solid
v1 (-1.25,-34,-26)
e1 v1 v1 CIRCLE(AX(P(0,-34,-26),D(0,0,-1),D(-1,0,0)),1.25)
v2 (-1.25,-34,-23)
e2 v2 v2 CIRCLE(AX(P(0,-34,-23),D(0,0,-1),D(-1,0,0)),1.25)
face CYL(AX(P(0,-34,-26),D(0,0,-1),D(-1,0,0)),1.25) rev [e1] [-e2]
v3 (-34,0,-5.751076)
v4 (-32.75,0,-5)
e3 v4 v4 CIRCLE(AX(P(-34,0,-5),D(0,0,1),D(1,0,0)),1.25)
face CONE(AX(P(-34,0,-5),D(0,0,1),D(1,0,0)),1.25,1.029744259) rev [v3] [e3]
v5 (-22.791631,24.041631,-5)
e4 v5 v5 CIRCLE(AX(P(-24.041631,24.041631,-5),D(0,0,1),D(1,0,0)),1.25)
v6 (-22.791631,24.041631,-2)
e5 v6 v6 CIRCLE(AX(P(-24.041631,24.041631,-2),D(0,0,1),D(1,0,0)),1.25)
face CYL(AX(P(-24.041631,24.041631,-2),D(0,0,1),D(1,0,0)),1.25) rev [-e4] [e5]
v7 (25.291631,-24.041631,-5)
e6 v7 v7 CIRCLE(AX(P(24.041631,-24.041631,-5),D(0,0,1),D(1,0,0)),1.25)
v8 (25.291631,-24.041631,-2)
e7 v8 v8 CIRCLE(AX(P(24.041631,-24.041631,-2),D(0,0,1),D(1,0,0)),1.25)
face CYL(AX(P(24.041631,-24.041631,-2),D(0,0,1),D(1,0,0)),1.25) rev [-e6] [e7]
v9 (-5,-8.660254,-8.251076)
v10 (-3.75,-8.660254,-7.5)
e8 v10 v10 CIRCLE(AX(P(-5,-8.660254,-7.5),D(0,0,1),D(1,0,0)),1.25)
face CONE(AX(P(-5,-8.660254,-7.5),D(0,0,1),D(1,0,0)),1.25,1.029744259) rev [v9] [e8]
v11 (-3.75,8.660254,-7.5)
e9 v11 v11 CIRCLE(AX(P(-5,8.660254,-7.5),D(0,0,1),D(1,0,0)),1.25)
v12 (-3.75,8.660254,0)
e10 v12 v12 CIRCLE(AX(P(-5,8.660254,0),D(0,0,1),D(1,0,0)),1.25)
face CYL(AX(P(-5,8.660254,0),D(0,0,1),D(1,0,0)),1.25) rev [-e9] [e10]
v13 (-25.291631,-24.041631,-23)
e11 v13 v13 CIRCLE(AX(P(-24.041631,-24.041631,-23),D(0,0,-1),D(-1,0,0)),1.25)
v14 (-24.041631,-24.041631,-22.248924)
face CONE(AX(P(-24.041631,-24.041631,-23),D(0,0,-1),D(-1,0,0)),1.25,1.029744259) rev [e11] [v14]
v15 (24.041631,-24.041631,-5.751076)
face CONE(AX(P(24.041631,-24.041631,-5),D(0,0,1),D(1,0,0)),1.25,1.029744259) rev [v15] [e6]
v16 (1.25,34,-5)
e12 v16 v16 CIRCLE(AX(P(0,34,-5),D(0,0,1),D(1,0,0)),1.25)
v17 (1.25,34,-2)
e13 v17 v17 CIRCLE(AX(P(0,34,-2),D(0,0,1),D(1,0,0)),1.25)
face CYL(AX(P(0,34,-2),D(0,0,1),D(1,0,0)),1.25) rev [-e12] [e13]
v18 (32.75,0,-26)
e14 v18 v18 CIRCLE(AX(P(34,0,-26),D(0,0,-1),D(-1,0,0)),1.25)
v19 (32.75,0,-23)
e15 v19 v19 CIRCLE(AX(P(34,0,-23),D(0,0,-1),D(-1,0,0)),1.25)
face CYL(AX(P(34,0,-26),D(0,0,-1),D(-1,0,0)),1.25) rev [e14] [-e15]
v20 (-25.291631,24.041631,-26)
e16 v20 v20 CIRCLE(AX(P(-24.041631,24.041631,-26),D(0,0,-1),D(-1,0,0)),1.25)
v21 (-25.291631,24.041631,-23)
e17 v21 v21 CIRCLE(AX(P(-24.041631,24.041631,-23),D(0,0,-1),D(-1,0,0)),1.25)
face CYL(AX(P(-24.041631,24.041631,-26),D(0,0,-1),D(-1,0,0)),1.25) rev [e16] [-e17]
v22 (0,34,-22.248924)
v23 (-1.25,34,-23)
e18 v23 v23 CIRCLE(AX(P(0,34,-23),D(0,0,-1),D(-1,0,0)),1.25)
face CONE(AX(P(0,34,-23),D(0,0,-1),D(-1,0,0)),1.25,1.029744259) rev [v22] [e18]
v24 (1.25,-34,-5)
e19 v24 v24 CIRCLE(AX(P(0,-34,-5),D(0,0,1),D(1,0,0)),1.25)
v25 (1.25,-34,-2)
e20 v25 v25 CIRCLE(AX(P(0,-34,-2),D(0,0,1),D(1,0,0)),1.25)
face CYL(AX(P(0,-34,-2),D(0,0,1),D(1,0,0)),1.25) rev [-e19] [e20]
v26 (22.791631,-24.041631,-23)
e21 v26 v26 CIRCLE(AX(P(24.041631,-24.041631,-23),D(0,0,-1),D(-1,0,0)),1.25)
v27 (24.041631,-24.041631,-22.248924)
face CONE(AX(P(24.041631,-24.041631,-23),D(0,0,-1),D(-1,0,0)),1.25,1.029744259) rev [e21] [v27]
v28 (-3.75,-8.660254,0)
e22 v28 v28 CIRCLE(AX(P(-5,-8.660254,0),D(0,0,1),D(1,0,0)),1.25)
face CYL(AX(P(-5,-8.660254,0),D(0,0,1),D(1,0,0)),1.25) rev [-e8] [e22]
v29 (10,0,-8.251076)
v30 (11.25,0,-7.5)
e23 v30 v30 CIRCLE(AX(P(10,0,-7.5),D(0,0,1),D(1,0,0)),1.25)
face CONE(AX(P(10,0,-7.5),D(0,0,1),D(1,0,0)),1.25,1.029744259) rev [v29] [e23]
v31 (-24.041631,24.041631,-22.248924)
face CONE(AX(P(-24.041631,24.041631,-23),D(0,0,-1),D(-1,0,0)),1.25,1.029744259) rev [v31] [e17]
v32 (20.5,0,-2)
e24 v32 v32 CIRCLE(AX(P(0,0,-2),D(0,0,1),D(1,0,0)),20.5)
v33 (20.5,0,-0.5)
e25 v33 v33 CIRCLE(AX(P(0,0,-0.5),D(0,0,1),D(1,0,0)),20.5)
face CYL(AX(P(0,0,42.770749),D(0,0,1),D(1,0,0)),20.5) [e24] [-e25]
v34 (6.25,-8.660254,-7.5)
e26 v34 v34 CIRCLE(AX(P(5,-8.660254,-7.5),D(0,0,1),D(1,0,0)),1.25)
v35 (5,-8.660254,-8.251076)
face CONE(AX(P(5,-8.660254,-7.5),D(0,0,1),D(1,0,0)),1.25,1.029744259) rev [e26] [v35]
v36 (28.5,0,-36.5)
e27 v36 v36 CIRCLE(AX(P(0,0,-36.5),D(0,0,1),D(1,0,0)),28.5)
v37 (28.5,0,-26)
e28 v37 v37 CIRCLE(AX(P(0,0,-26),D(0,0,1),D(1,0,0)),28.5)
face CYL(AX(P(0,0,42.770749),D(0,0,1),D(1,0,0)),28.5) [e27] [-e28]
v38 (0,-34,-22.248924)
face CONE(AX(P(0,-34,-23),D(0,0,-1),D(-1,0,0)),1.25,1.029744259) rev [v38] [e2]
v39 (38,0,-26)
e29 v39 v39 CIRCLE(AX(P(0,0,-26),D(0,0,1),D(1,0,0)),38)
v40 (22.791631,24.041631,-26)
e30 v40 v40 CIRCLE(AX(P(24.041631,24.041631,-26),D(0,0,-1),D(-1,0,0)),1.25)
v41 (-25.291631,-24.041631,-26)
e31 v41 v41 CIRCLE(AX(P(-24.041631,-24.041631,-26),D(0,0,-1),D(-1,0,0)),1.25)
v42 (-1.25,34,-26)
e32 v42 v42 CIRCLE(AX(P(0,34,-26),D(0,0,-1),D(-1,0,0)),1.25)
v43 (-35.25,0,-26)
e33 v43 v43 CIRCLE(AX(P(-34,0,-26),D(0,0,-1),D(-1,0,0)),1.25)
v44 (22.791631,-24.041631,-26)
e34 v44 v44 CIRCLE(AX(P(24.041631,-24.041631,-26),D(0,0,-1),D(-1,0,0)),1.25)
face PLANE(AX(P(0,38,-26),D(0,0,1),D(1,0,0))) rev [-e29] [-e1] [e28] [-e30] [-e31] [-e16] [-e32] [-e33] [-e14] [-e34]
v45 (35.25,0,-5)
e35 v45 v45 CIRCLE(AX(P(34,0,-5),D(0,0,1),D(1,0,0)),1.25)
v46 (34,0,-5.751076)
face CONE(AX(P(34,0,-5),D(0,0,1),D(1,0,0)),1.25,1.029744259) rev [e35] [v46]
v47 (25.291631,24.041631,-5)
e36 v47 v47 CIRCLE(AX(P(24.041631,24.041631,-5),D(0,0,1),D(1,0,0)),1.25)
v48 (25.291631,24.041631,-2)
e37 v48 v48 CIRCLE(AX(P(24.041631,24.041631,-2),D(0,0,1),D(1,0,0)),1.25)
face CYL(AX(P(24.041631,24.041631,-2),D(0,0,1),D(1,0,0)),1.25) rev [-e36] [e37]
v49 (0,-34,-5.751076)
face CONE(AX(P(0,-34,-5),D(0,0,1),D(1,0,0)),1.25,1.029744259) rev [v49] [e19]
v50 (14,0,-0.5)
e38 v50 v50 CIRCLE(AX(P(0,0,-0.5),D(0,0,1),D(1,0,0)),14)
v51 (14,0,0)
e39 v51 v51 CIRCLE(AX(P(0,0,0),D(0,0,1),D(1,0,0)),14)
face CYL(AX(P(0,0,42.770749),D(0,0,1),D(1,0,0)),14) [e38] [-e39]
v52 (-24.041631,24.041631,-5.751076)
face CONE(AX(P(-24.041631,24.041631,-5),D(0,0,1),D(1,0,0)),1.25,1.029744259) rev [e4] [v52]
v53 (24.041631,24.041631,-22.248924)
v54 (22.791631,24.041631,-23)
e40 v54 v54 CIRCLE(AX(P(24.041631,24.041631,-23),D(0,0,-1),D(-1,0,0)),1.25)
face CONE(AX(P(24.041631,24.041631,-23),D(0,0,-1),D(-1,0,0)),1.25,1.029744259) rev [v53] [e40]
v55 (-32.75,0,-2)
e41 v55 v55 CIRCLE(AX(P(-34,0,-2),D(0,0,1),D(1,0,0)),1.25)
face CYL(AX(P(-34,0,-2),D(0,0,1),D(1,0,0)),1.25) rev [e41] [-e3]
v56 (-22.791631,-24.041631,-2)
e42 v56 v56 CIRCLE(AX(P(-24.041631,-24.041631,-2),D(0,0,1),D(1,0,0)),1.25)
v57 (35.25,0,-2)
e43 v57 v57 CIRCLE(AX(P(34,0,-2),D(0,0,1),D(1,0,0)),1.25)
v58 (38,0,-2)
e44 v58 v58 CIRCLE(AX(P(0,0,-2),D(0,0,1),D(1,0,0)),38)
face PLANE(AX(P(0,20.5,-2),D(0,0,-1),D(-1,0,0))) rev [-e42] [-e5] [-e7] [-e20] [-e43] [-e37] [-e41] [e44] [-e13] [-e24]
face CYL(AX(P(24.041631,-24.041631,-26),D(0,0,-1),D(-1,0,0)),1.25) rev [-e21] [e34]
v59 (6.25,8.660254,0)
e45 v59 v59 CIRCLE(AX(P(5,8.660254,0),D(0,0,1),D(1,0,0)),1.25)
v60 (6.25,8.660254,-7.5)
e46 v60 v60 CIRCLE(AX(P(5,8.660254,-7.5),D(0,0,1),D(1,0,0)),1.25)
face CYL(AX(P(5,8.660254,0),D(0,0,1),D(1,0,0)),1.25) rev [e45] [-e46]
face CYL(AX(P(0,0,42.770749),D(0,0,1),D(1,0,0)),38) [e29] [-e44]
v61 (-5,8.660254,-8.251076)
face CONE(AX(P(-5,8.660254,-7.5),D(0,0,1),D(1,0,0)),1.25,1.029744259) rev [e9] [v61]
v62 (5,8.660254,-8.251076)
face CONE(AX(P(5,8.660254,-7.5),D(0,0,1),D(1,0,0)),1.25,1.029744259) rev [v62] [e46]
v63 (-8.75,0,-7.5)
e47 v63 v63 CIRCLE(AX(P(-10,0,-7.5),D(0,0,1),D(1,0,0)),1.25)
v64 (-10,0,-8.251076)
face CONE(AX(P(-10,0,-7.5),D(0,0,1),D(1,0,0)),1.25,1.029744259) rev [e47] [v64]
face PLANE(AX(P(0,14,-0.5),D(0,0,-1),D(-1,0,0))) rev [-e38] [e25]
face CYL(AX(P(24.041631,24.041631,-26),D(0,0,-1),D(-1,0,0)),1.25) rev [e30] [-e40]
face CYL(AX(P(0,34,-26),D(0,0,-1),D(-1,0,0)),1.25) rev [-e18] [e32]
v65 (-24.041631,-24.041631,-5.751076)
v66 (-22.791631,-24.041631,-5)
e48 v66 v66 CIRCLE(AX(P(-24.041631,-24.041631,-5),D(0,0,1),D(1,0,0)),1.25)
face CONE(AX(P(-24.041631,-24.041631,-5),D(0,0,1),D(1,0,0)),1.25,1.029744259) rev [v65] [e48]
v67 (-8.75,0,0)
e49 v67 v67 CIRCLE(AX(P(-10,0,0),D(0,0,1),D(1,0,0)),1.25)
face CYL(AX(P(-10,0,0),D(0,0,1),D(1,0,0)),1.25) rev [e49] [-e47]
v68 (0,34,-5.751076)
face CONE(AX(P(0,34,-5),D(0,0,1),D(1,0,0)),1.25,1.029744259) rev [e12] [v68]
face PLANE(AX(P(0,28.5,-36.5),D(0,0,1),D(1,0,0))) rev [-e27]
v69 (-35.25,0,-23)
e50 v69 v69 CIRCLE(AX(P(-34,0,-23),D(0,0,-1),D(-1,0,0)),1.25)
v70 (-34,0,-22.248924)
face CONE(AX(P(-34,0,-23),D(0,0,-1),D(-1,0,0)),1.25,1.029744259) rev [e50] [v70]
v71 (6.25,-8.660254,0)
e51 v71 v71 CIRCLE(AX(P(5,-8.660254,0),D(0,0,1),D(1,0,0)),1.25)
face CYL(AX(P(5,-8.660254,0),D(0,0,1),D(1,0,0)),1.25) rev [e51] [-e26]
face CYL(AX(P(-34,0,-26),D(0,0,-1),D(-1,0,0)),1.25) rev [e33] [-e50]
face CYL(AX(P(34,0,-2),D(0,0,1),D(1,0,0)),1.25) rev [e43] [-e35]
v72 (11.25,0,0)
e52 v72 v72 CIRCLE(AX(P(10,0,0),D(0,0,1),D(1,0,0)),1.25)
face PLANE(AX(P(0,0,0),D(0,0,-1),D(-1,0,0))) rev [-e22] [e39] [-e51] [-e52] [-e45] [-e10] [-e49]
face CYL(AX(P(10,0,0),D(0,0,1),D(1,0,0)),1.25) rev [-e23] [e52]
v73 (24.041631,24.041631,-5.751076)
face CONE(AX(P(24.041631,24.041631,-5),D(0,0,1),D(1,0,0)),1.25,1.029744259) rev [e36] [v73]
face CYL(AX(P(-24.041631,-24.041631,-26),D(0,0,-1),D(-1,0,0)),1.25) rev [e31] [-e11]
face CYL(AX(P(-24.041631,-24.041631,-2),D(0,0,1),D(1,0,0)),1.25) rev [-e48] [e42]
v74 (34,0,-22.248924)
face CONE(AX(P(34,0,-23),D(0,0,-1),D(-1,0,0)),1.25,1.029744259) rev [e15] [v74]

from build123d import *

# Parameters (mm, degrees)
M3_TAPPED_HOLE3_D     = 2.5
M3_TAPPED_HOLE3_DEPTH = 7.5
M3_TAPPED_HOLE3_TIP   = 0.751075774
M3_TAPPED_HOLE1_D     = 2.5
M3_TAPPED_HOLE1_DEPTH = 3
M3_TAPPED_HOLE1_TIP   = 0.751075774
M3_TAPPED_HOLE2_D     = 2.5
M3_TAPPED_HOLE2_DEPTH = 3
M3_TAPPED_HOLE2_TIP   = 0.751075774


with BuildPart() as part:
    # Sketch1 → Revolve1 (revolve)
    with BuildSketch(Plane(origin=(0, 0, 0), x_dir=(0, 0, -1), z_dir=(1, 0, 0)), mode=Mode.PRIVATE) as revolve1_sk:
        Polygon((0, 0), (0, 14), (0.5, 14), (0.5, 20.5), (2, 20.5), (2, 38), (26, 38), (26, 28.5), (36.5, 28.5), (36.5, 0), align=None)
    revolve(revolve1_sk.sketch.rotate(Axis((0, 0, 42.770748728), (0, 0, -1)), 90), axis=Axis((0, 0, 42.770748728), (0, 0, -1)))

    # M3 Tapped Hole3
    with Locations(Plane.XY):
        with Locations((-10, 0), (-5, 8.660254038), (5, 8.660254038), (10, 0), (5, -8.660254038), (-5, -8.660254038)):
            Hole(M3_TAPPED_HOLE3_D / 2, depth=M3_TAPPED_HOLE3_DEPTH)
            with Locations((0, 0, -(M3_TAPPED_HOLE3_DEPTH + M3_TAPPED_HOLE3_TIP / 2))):  # 118° drill point
                Cone(0, M3_TAPPED_HOLE3_D / 2, M3_TAPPED_HOLE3_TIP, mode=Mode.SUBTRACT)

    # M3 Tapped Hole1
    with Locations(Plane.XY.offset(-2)):
        with Locations((-34, 0), (-24.04163056, 24.04163056), (0, 34), (24.04163056, 24.04163056), (34, 0), (24.04163056, -24.04163056), (0, -34), (-24.04163056, -24.04163056)):
            Hole(M3_TAPPED_HOLE1_D / 2, depth=M3_TAPPED_HOLE1_DEPTH)
            with Locations((0, 0, -(M3_TAPPED_HOLE1_DEPTH + M3_TAPPED_HOLE1_TIP / 2))):  # 118° drill point
                Cone(0, M3_TAPPED_HOLE1_D / 2, M3_TAPPED_HOLE1_TIP, mode=Mode.SUBTRACT)

    # M3 Tapped Hole2
    with Locations(Plane(origin=(0, 0, -26), x_dir=(-1, 0, 0), z_dir=(0, 0, -1))):
        with Locations((-34, 0), (-24.04163056, 24.04163056), (0, 34), (24.04163056, 24.04163056), (34, 0), (24.04163056, -24.04163056), (0, -34), (-24.04163056, -24.04163056)):
            Hole(M3_TAPPED_HOLE2_D / 2, depth=M3_TAPPED_HOLE2_DEPTH)
            with Locations((0, 0, -(M3_TAPPED_HOLE2_DEPTH + M3_TAPPED_HOLE2_TIP / 2))):  # 118° drill point
                Cone(0, M3_TAPPED_HOLE2_D / 2, M3_TAPPED_HOLE2_TIP, mode=Mode.SUBTRACT)


solid = part.part
